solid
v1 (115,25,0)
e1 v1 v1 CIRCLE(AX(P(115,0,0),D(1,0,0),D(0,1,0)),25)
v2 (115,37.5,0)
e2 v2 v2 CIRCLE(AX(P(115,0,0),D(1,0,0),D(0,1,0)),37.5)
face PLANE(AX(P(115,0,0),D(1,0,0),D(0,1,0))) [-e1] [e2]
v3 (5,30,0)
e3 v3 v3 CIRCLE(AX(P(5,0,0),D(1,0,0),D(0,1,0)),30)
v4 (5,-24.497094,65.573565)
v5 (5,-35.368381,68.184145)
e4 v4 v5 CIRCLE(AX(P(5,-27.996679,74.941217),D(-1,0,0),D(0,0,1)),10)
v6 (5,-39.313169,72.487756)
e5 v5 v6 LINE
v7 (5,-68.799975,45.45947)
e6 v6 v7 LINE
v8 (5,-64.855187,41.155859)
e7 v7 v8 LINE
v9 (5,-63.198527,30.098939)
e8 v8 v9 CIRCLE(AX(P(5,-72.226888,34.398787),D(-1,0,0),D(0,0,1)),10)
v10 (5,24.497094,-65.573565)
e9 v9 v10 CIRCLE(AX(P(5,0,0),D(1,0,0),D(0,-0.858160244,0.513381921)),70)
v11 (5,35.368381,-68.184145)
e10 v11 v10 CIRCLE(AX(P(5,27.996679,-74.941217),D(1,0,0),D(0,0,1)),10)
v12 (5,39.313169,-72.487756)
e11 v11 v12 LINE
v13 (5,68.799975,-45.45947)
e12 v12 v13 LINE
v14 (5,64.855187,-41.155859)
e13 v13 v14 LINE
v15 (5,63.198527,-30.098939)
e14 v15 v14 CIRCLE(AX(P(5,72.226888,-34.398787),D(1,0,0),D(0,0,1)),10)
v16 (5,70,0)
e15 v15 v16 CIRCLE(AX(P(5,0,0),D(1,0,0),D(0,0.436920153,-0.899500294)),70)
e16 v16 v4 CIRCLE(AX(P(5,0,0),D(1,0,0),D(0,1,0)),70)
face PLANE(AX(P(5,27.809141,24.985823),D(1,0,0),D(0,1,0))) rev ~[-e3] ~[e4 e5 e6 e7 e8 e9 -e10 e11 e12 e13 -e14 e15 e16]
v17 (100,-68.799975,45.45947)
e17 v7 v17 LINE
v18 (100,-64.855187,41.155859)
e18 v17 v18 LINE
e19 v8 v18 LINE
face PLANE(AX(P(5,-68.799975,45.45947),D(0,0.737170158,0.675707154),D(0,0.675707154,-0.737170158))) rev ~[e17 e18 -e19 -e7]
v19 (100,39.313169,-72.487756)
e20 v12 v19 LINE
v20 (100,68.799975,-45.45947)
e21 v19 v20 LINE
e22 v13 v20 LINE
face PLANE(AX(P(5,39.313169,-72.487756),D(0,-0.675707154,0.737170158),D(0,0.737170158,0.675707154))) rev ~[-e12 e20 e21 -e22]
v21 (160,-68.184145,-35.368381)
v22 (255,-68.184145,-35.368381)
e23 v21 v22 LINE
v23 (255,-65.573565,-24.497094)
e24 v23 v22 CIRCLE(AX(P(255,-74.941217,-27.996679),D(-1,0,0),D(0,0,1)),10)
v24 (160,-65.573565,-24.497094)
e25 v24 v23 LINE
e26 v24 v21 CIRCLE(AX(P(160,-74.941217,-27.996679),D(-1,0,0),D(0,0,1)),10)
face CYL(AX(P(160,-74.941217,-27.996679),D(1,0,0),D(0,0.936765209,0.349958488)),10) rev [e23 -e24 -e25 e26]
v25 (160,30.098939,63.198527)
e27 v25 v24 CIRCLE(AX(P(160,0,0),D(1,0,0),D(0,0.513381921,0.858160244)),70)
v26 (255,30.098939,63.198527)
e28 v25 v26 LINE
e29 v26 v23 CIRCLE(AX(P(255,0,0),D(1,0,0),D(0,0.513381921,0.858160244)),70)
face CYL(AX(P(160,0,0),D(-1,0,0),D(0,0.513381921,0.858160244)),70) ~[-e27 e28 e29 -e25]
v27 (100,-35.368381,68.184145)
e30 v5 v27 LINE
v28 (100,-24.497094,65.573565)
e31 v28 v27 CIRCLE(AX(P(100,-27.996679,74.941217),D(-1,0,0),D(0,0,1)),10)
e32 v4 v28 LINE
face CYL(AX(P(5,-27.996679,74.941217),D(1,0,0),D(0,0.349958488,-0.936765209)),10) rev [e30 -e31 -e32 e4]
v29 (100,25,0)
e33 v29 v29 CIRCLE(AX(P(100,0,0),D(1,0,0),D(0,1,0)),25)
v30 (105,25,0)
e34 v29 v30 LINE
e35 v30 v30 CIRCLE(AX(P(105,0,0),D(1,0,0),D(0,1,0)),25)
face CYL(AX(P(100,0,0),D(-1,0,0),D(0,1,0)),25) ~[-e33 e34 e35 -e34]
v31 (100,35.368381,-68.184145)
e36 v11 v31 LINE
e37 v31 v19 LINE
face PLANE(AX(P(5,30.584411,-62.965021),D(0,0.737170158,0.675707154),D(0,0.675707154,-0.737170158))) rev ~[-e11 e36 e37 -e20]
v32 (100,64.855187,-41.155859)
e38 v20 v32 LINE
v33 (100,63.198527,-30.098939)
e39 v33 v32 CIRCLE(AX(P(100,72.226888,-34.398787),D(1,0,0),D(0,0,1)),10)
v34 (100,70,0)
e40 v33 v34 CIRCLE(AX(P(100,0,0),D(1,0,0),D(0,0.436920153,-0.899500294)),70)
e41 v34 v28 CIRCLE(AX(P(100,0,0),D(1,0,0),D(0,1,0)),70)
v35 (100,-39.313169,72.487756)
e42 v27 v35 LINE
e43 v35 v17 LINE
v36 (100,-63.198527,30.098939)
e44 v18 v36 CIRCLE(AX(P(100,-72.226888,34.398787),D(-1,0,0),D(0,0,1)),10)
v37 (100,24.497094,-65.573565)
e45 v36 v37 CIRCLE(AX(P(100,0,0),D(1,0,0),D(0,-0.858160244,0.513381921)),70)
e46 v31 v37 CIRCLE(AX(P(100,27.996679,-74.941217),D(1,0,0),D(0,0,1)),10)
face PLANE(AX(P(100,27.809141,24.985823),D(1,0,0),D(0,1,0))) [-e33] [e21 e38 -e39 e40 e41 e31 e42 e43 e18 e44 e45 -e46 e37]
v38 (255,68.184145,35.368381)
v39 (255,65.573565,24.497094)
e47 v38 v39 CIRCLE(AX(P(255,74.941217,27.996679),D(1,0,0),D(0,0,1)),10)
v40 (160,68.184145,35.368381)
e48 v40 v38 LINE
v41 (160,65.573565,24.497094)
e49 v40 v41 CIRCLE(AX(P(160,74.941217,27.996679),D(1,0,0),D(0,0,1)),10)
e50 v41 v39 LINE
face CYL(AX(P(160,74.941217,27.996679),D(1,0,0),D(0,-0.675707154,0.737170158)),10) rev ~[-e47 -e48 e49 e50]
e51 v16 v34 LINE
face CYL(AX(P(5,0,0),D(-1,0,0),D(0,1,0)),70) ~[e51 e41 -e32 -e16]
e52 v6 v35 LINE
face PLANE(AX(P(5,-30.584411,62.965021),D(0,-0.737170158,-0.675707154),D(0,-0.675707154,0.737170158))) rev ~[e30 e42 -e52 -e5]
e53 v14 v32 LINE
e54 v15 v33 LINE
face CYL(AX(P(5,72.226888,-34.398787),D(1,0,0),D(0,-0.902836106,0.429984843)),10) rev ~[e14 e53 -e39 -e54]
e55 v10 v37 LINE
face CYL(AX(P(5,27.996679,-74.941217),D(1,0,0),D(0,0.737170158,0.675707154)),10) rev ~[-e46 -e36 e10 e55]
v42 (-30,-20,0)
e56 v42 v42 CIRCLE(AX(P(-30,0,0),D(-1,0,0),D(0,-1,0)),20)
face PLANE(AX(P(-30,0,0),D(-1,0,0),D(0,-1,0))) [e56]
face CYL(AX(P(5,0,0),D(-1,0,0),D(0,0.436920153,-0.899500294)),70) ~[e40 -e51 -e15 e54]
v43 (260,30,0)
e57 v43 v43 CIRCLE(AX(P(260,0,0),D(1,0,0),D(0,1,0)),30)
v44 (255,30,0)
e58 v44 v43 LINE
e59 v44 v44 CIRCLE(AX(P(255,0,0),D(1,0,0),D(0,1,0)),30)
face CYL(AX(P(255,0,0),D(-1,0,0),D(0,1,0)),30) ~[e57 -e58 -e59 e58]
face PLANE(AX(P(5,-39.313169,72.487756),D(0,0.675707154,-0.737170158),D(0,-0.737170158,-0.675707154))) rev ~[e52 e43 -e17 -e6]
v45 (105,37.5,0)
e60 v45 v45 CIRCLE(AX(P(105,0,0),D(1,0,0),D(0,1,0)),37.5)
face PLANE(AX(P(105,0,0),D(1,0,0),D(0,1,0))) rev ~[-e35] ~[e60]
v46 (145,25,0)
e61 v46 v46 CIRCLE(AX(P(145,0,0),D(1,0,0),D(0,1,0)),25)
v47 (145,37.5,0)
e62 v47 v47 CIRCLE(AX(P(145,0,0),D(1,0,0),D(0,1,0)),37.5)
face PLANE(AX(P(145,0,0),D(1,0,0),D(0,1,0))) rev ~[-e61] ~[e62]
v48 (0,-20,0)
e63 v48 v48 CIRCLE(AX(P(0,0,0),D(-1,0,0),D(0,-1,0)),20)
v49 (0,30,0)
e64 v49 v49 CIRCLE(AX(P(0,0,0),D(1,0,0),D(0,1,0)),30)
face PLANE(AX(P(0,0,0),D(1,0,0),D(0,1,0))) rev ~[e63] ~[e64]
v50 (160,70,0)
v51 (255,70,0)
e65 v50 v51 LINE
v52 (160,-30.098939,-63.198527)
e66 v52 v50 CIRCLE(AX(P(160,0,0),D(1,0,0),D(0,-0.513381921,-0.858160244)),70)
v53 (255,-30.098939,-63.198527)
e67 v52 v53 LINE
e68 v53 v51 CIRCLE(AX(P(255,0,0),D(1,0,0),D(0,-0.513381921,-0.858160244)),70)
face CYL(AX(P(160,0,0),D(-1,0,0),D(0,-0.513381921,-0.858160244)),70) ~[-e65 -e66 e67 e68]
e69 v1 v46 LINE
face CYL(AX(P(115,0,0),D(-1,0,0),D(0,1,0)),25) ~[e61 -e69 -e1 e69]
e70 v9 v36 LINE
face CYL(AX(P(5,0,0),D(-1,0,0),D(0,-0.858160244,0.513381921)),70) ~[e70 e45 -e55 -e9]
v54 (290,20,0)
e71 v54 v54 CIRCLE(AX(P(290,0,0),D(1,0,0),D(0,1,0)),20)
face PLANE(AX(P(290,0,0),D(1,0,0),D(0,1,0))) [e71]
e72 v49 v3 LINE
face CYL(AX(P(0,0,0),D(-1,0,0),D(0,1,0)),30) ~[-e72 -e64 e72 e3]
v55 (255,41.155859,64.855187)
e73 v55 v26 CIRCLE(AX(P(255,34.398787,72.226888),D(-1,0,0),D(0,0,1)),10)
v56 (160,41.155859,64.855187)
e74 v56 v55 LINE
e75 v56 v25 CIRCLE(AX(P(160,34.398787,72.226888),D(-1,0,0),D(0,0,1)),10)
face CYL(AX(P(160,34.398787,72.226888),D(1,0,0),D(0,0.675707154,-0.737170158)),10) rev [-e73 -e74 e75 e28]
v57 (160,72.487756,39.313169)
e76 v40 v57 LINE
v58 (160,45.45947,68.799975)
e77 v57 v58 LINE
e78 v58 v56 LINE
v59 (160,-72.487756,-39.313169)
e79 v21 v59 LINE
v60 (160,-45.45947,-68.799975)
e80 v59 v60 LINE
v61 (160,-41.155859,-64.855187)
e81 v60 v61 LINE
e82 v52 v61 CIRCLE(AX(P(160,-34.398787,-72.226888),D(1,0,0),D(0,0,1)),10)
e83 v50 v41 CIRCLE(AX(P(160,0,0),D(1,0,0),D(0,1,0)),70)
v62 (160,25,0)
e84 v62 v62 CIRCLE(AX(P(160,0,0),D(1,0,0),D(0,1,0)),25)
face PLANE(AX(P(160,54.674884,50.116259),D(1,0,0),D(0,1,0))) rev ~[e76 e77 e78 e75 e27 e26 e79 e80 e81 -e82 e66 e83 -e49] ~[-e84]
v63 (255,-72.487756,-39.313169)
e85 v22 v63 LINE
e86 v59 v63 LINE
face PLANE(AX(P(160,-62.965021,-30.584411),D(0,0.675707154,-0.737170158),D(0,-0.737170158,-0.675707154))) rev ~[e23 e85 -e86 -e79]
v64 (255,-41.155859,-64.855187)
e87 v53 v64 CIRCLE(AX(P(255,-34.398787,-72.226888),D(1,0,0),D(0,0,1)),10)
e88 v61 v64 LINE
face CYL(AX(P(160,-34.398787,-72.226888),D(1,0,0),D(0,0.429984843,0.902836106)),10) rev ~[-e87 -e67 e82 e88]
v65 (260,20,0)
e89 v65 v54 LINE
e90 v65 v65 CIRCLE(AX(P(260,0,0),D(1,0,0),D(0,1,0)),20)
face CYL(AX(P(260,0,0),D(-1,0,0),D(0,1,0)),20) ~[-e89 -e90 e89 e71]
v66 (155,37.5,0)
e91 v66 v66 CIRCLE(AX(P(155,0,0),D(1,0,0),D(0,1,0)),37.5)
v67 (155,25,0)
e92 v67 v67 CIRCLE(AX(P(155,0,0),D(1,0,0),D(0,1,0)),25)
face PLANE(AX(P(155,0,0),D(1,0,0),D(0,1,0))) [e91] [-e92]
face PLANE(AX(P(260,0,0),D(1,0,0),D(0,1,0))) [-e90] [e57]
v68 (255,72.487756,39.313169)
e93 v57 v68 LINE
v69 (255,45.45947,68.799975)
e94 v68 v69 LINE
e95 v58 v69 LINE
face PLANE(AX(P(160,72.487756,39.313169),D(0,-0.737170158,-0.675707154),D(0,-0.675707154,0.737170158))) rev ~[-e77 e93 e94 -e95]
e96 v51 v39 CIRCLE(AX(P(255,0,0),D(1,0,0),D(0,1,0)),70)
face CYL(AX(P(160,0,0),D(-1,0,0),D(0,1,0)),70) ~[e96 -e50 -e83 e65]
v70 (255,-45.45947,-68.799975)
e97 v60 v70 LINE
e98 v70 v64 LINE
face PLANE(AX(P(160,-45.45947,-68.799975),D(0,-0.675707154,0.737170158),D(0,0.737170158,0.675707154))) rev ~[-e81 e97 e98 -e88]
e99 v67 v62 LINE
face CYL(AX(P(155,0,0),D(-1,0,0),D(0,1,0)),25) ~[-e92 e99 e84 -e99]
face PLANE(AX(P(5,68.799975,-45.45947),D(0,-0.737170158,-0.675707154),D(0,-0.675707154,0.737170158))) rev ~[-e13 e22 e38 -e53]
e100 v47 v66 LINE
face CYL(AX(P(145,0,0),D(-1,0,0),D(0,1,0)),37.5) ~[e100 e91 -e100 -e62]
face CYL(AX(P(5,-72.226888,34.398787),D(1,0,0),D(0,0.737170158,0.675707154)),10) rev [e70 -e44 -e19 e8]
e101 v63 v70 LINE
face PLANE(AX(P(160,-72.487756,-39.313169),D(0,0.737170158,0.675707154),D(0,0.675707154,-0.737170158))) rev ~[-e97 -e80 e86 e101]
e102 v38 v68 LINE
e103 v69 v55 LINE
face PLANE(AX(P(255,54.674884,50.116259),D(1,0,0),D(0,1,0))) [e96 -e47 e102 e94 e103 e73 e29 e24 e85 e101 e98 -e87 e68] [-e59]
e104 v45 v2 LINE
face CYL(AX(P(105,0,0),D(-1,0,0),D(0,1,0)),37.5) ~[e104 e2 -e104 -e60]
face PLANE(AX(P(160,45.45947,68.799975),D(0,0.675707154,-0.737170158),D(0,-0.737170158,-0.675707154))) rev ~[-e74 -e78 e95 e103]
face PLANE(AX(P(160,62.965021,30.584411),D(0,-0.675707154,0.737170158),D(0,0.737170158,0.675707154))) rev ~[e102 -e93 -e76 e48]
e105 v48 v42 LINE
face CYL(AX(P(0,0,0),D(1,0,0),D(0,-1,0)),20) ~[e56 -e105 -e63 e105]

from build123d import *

# Parameters (mm, degrees)
F0_R      = 30
F1_DEPTH  = 5
F3_DEPTH  = 95
F4_R      = 25
F5_DEPTH  = 5
F6_R      = 37.5
F6_R_2    = 25
F7_DEPTH  = 10
F8_R      = 25
F9_DEPTH  = 30
F10_R     = 37.5
F11_DEPTH = 10
F12_R     = 25
F13_DEPTH = 5
F15_DEPTH = 95
F16_R     = 30
F17_DEPTH = 5
F18_R     = 20
F19_DEPTH = 30
F20_R     = 20
F21_DEPTH = 30
F22_R     = 10


with BuildPart() as f1:
    # F0 (on Right) → F1 (new body)
    with BuildSketch(Plane.YZ):
        Circle(F0_R)
    extrude(amount=F1_DEPTH)

    # F2 (on face) → F3 (join)
    with BuildSketch(Plane.YZ.offset(5)):
        with BuildLine():
            ThreePointArc((60.0712170477, -35.9367344428), (67.4721616422, -18.6415504541), (70, 0))
            ThreePointArc((70, 0), (37.1422350498, 59.333417022), (-30.5844107288, 62.9650206096))
            Line((-30.5844107288, 62.9650206096), (60.0712170477, -35.9367344428))
        make_face()
        with BuildLine():
            Line((60.0712170477, -35.9367344428), (-30.5844107288, 62.9650206096))
            ThreePointArc((-30.5844107288, 62.9650206096), (-47.2995007919, 51.601911058), (-60.0712170477, 35.9367344428))
            Line((-60.0712170477, 35.9367344428), (30.5844107288, -62.9650206096))
            ThreePointArc((30.5844107288, -62.9650206096), (47.2995007919, -51.601911058), (60.0712170477, -35.9367344428))
        make_face()
        with BuildLine():
            ThreePointArc((-60.0712170477, 35.9367344428), (-47.2995007919, 51.601911058), (-30.5844107288, 62.9650206096))
            Line((-30.5844107288, 62.9650206096), (-39.3131691742, 72.4877557211))
            Line((-39.3131691742, 72.4877557211), (-68.7999754931, 45.4594695543))
            Line((-68.7999754931, 45.4594695543), (-60.0712170477, 35.9367344428))
        make_face()
        with BuildLine():
            Line((68.7999754931, -45.4594695543), (60.0712170477, -35.9367344428))
            ThreePointArc((60.0712170477, -35.9367344428), (47.2995007919, -51.601911058), (30.5844107288, -62.9650206096))
            Line((30.5844107288, -62.9650206096), (39.3131691742, -72.4877557211))
            Line((39.3131691742, -72.4877557211), (68.7999754931, -45.4594695543))
        make_face()
        with BuildLine():
            Line((30.5844107288, -62.9650206096), (-60.0712170477, 35.9367344428))
            ThreePointArc((-60.0712170477, 35.9367344428), (-51.601911058, -47.2995007919), (30.5844107288, -62.9650206096))
        make_face()
    extrude(amount=F3_DEPTH)

    # F4 (on face) → F5 (join)
    with BuildSketch(Plane.YZ.offset(100)):
        Circle(F4_R)
    extrude(amount=F5_DEPTH)

    # F6 (on face) → F7 (join)
    with BuildSketch(Plane.YZ.offset(105)):
        Circle(F6_R)
        Circle(F6_R_2, mode=Mode.SUBTRACT)
        Circle(F6_R_2)
    extrude(amount=F7_DEPTH)

    # F8 (on face) → F9 (join)
    with BuildSketch(Plane.YZ.offset(115)):
        Circle(F8_R)
    extrude(amount=F9_DEPTH)

    # F10 (on face) → F11 (join)
    with BuildSketch(Plane.YZ.offset(145)):
        Circle(F10_R)
    extrude(amount=F11_DEPTH)

    # F12 (on face) → F13 (join)
    with BuildSketch(Plane.YZ.offset(155)):
        Circle(F12_R)
    extrude(amount=F13_DEPTH)

    # F14 (on face) → F15 (join)
    with BuildSketch(Plane.YZ.offset(160)):
        with BuildLine():
            Line((72.4877557211, 39.3131691742), (45.4594695543, 68.7999754931))
            Line((45.4594695543, 68.7999754931), (35.9367344428, 60.0712170477))
            ThreePointArc((35.9367344428, 60.0712170477), (51.601911058, 47.2995007919), (62.9650206096, 30.5844107288))
            Line((62.9650206096, 30.5844107288), (72.4877557211, 39.3131691742))
        make_face()
        with BuildLine():
            ThreePointArc((62.9650206096, 30.5844107288), (51.601911058, 47.2995007919), (35.9367344428, 60.0712170477))
            Line((35.9367344428, 60.0712170477), (-62.9650206096, -30.5844107288))
            ThreePointArc((-62.9650206096, -30.5844107288), (-51.601911058, -47.2995007919), (-35.9367344428, -60.0712170477))
            Line((-35.9367344428, -60.0712170477), (62.9650206096, 30.5844107288))
        make_face()
        with BuildLine():
            Line((-62.9650206096, -30.5844107288), (35.9367344428, 60.0712170477))
            ThreePointArc((35.9367344428, 60.0712170477), (-47.2995007919, 51.601911058), (-62.9650206096, -30.5844107288))
        make_face()
        with BuildLine():
            ThreePointArc((70, 0), (68.2185877993, 15.6915352551), (62.9650206096, 30.5844107288))
            Line((62.9650206096, 30.5844107288), (-35.9367344428, -60.0712170477))
            ThreePointArc((-35.9367344428, -60.0712170477), (34.5284563006, -60.8915897764), (70, 0))
        make_face()
        with BuildLine():
            ThreePointArc((-35.9367344428, -60.0712170477), (-51.601911058, -47.2995007919), (-62.9650206096, -30.5844107288))
            Line((-62.9650206096, -30.5844107288), (-72.4877557211, -39.3131691742))
            Line((-72.4877557211, -39.3131691742), (-45.4594695543, -68.7999754931))
            Line((-45.4594695543, -68.7999754931), (-35.9367344428, -60.0712170477))
        make_face()
    extrude(amount=F15_DEPTH)

    # F16 (on face) → F17 (join)
    with BuildSketch(Plane.YZ.offset(255)):
        Circle(F16_R)
    extrude(amount=F17_DEPTH)

    # F18 (on face) → F19 (join)
    with BuildSketch(Plane(origin=(0, 0, 0), x_dir=(0, -1, 0), z_dir=(-1, 0, 0))):
        Circle(F18_R)
    extrude(amount=F19_DEPTH)

    # F20 (on face) → F21 (join)
    with BuildSketch(Plane.YZ.offset(260)):
        Circle(F20_R)
    extrude(amount=F21_DEPTH)

    # F22
    f22_edges = [f1.edges().sort_by_distance(p)[0] for p in [
        (52.5, -60.071217, 35.936734),
        (207.5, -62.965021, -30.584411),
        (52.5, -30.584411, 62.965021),
        (207.5, 35.936734, 60.071217),
        (207.5, 62.965021, 30.584411),
        (52.5, 60.071217, -35.936734),
        (52.5, 30.584411, -62.965021),
        (207.5, -35.936734, -60.071217),
    ]]
    fillet(f22_edges, radius=F22_R)


solid = f1.part
